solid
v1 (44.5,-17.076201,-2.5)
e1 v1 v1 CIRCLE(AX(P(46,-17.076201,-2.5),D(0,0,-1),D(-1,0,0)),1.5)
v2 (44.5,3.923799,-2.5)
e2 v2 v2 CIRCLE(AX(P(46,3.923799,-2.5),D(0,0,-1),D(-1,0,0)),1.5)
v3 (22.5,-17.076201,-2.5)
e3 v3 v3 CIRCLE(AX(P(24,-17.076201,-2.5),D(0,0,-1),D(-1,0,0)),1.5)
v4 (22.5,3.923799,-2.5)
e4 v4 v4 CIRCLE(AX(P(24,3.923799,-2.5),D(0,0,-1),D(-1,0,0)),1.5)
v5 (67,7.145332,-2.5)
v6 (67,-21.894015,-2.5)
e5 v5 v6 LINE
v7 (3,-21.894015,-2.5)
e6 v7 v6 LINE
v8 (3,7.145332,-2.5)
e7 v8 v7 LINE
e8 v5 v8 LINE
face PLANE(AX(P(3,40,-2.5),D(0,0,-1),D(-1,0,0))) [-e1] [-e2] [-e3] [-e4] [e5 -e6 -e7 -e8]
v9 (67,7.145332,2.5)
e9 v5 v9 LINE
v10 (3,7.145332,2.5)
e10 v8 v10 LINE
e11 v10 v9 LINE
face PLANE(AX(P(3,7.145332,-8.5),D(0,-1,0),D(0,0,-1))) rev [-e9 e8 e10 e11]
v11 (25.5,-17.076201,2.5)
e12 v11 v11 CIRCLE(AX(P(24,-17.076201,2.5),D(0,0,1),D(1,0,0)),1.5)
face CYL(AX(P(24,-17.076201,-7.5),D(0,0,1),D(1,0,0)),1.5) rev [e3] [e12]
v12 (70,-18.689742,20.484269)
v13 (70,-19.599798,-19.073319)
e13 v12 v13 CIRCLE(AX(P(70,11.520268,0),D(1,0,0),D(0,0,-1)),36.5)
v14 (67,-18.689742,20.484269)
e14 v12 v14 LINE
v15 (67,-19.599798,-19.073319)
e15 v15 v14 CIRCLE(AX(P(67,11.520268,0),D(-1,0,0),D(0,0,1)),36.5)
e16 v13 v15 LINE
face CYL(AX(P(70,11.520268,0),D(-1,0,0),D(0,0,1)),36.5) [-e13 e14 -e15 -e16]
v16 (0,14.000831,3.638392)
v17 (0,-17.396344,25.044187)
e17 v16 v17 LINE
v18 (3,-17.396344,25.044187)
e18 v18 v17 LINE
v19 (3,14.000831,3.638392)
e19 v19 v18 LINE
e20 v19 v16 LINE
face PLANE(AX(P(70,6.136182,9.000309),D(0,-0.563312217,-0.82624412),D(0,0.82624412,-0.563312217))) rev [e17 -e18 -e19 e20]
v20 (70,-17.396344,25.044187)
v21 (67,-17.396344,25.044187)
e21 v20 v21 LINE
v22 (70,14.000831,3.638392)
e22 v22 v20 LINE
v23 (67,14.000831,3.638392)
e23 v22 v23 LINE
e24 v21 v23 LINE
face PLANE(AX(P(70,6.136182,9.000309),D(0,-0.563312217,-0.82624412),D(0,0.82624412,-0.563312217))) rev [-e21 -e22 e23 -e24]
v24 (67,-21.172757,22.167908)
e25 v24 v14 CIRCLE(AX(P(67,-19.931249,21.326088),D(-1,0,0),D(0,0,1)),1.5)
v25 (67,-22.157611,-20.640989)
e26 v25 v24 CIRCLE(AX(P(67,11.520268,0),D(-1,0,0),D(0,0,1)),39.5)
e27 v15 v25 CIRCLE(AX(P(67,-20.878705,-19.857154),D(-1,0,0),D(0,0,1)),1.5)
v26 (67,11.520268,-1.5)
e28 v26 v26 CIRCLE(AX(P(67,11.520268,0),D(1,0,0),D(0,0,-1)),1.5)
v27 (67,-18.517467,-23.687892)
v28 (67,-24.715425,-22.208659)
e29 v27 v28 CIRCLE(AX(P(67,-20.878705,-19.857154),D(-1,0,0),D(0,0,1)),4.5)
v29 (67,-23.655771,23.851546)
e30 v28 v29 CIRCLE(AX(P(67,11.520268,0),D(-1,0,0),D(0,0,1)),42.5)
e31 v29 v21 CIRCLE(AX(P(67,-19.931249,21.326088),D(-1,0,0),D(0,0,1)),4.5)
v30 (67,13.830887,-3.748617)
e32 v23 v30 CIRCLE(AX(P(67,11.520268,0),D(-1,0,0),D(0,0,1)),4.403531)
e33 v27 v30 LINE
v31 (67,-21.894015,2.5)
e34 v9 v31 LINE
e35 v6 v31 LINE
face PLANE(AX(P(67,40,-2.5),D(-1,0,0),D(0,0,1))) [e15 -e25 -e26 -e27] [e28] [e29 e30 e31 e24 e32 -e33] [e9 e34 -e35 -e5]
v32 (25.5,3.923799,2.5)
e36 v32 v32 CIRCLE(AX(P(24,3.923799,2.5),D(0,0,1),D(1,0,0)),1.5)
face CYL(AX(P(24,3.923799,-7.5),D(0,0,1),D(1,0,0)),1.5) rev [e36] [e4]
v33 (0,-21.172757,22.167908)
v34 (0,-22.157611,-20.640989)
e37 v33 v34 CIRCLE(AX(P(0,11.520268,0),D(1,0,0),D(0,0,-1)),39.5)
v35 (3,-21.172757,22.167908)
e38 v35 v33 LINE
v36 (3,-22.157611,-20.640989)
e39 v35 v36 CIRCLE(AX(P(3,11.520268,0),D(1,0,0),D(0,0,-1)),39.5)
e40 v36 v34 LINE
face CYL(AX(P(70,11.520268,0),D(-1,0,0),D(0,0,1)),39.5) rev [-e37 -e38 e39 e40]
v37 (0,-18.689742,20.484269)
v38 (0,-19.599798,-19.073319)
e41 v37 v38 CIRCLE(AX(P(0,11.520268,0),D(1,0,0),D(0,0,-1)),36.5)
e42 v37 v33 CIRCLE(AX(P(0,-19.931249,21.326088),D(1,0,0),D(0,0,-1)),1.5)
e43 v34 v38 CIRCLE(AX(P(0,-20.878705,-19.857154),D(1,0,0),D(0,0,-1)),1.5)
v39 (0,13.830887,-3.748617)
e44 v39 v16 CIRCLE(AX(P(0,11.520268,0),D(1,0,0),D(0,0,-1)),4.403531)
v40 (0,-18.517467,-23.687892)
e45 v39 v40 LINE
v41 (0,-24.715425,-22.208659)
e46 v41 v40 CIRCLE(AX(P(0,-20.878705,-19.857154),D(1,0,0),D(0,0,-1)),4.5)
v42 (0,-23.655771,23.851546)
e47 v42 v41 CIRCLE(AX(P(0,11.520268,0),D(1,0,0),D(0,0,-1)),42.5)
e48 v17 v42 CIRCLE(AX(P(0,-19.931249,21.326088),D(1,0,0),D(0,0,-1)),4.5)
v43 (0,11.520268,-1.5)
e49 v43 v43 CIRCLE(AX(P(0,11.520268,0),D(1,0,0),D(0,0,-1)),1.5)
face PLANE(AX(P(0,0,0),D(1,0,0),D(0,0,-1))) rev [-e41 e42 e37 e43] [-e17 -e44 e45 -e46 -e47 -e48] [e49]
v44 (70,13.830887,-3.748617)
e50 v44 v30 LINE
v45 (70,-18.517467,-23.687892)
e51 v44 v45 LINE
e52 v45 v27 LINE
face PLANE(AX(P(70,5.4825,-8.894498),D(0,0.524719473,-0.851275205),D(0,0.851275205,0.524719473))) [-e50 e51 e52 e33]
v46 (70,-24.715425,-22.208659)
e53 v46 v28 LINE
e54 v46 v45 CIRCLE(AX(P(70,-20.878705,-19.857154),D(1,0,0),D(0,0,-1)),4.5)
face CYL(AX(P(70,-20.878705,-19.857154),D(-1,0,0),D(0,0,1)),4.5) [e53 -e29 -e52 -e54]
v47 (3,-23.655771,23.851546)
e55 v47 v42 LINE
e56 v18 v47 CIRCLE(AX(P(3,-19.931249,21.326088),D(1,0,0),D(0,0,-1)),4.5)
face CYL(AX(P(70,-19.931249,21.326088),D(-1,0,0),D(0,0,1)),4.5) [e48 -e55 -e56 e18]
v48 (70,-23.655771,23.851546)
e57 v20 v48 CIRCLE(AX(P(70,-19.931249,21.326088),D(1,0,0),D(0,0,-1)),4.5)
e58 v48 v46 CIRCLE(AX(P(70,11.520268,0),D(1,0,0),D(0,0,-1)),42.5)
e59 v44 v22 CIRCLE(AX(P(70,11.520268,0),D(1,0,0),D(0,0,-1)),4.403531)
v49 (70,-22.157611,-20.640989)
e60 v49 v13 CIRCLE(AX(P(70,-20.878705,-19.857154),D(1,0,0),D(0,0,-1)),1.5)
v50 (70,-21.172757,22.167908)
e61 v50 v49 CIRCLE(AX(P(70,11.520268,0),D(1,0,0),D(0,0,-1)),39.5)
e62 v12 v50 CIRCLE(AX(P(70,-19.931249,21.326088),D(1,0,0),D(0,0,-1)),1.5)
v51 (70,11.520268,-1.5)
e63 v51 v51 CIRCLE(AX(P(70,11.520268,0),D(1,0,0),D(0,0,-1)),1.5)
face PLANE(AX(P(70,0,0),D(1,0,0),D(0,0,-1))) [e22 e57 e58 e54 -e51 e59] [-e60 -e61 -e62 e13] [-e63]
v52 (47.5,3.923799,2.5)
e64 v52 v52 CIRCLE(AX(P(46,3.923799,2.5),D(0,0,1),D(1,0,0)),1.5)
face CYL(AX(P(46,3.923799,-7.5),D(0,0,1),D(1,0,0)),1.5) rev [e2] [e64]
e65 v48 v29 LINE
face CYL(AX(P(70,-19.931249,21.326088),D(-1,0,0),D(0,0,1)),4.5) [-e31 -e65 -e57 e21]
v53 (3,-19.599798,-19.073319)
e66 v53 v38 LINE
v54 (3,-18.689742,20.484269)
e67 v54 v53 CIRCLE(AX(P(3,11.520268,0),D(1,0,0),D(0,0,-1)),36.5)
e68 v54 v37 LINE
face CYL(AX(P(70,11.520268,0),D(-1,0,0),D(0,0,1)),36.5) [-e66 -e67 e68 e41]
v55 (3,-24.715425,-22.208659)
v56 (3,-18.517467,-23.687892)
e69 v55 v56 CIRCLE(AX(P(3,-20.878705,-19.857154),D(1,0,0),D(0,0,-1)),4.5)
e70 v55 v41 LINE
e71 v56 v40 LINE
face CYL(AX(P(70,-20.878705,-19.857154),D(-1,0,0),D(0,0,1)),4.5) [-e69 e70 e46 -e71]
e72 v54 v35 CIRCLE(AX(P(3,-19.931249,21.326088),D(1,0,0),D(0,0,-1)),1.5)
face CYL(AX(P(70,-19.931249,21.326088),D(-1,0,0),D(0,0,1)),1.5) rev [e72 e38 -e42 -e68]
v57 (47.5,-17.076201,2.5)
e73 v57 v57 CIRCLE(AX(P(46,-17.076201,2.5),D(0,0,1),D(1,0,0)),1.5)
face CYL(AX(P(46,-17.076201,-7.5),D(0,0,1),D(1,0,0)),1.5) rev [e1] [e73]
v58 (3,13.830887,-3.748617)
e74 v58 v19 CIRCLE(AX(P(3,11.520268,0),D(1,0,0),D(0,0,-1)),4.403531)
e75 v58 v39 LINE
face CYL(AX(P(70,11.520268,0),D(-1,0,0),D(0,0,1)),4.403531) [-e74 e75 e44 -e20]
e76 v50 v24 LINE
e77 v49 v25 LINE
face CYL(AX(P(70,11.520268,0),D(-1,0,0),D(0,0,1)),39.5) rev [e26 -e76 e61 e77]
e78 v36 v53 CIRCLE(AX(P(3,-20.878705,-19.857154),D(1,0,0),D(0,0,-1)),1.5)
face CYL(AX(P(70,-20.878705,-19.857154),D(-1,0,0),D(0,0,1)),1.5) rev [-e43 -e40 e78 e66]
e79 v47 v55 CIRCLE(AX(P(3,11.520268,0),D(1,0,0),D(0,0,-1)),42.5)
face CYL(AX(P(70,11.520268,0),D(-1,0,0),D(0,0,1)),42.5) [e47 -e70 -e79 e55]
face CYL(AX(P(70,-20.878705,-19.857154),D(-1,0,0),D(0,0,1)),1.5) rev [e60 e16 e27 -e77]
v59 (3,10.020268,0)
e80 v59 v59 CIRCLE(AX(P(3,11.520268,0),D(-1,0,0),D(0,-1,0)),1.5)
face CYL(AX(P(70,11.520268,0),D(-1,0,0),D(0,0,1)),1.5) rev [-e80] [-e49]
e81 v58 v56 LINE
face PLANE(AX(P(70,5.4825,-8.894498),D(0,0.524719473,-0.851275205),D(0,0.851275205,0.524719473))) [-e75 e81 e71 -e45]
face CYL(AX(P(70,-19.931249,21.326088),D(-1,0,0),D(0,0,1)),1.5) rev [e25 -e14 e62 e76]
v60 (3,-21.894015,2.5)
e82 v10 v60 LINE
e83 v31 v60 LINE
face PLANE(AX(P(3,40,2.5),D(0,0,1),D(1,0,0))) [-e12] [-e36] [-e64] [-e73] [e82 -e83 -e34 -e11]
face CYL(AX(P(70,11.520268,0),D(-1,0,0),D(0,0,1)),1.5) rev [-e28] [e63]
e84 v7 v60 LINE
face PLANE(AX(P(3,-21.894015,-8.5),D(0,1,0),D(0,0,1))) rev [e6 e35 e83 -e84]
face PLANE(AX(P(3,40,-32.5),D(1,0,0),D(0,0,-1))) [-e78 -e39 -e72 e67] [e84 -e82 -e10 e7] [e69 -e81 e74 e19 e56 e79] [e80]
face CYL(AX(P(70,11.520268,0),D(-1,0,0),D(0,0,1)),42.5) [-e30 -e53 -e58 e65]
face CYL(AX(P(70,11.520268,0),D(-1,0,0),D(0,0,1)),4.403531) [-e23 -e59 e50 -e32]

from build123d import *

# Parameters (mm, degrees)
SKETCH_1_R               = 1.5
EXTRUDE_1_DEPTH          = 70
CUT_EXTRUDE_1_DEPTH      = 40
CUT_EXTRUDE_1_DEPTH_BACK = 48
SKETCH_3_W               = 64
SKETCH_3_H               = 30
SKETCH_4_R               = 1.5
CUT_EXTRUDE_2_DEPTH      = 10
CUT_EXTRUDE_4_DEPTH      = 17
CUT_EXTRUDE_4_DEPTH_BACK = 11
SKETCH_5_W               = 64
SKETCH_5_H               = 10
SKETCH_5_H_2             = 13


with BuildPart() as part:
    # 草图1 → 凸台-拉伸1 (new body)
    with BuildSketch(Plane(origin=(0, 0, 0), x_dir=(0, 0, -1), z_dir=(1, 0, 0))):
        with BuildLine():
            ThreePointArc((3.748616704, 13.830886654), (0.101280137, 15.922634297), (-3.638391548, 14.000830996))
            Line((-3.638391548, 14.000830996), (-25.044186814, -17.396344398))
            ThreePointArc((-25.044186814, -17.396344398), (-25.746563923, -20.773505291), (-23.851546095, -23.655771194))
            ThreePointArc((-23.851546095, -23.655771194), (-0.977489629, -30.968489282), (22.208659079, -24.715424983))
            ThreePointArc((22.208659079, -24.715424983), (24.234219774, -21.923355289), (23.687892423, -18.517466898))
            Line((23.687892423, -18.517466898), (3.748616704, 13.830886654))
        make_face()
        with BuildLine():
            ThreePointArc((20.640989027, -22.157611345), (-0.908490361, -27.96928287), (-22.167907547, -21.172756648))
            ThreePointArc((-22.167907547, -21.172756648), (-22.567595547, -19.0894301), (-20.484268999, -18.689742101))
            ThreePointArc((-20.484268999, -18.689742101), (-0.839491093, -24.970076458), (19.073318974, -19.599797708))
            ThreePointArc((19.073318974, -19.599797708), (21.136060819, -20.0948695), (20.640989027, -22.157611345))
        make_face(mode=Mode.SUBTRACT)
        with Locations((0, 11.52026822)):
            Circle(SKETCH_1_R, mode=Mode.SUBTRACT)
    extrude(amount=EXTRUDE_1_DEPTH)

    # 草图3 → 切除-拉伸1 (cut, two sides: drawn at the far end of the back side and taken through both)
    with BuildSketch(Plane(origin=(0, 0, 0), x_dir=(1, 0, 0), z_dir=(0, 1, 0)).offset(-CUT_EXTRUDE_1_DEPTH_BACK)):
        with Locations((35, 17.5)):
            Rectangle(SKETCH_3_W, SKETCH_3_H)
        with Locations((35, -17.5)):
            Rectangle(SKETCH_3_W, SKETCH_3_H)
    extrude(amount=CUT_EXTRUDE_1_DEPTH + CUT_EXTRUDE_1_DEPTH_BACK, mode=Mode.SUBTRACT)

    # 草图4 → 切除-拉伸2 (cut)
    with BuildSketch(Plane.XY.offset(2.5)):
        with Locations((24, 3.92379916)):
            Circle(SKETCH_4_R)
        with Locations((46, 3.92379916)):
            Circle(SKETCH_4_R)
        with Locations((46, -17.07620084)):
            Circle(SKETCH_4_R)
        with Locations((24, -17.07620084)):
            Circle(SKETCH_4_R)
    extrude(amount=-CUT_EXTRUDE_2_DEPTH, mode=Mode.SUBTRACT)

    # 草图5 → 切除-拉伸4 (cut, two sides: drawn at the far end of the back side and taken through both)
    with BuildSketch(Plane.XY.offset(2.5).offset(-CUT_EXTRUDE_4_DEPTH_BACK)):
        with Locations((35, -26.894014692)):
            Rectangle(SKETCH_5_W, SKETCH_5_H)
        with Locations((35, 13.645331632)):
            Rectangle(SKETCH_5_W, SKETCH_5_H_2)
    extrude(amount=CUT_EXTRUDE_4_DEPTH + CUT_EXTRUDE_4_DEPTH_BACK, mode=Mode.SUBTRACT)


solid = part.part
